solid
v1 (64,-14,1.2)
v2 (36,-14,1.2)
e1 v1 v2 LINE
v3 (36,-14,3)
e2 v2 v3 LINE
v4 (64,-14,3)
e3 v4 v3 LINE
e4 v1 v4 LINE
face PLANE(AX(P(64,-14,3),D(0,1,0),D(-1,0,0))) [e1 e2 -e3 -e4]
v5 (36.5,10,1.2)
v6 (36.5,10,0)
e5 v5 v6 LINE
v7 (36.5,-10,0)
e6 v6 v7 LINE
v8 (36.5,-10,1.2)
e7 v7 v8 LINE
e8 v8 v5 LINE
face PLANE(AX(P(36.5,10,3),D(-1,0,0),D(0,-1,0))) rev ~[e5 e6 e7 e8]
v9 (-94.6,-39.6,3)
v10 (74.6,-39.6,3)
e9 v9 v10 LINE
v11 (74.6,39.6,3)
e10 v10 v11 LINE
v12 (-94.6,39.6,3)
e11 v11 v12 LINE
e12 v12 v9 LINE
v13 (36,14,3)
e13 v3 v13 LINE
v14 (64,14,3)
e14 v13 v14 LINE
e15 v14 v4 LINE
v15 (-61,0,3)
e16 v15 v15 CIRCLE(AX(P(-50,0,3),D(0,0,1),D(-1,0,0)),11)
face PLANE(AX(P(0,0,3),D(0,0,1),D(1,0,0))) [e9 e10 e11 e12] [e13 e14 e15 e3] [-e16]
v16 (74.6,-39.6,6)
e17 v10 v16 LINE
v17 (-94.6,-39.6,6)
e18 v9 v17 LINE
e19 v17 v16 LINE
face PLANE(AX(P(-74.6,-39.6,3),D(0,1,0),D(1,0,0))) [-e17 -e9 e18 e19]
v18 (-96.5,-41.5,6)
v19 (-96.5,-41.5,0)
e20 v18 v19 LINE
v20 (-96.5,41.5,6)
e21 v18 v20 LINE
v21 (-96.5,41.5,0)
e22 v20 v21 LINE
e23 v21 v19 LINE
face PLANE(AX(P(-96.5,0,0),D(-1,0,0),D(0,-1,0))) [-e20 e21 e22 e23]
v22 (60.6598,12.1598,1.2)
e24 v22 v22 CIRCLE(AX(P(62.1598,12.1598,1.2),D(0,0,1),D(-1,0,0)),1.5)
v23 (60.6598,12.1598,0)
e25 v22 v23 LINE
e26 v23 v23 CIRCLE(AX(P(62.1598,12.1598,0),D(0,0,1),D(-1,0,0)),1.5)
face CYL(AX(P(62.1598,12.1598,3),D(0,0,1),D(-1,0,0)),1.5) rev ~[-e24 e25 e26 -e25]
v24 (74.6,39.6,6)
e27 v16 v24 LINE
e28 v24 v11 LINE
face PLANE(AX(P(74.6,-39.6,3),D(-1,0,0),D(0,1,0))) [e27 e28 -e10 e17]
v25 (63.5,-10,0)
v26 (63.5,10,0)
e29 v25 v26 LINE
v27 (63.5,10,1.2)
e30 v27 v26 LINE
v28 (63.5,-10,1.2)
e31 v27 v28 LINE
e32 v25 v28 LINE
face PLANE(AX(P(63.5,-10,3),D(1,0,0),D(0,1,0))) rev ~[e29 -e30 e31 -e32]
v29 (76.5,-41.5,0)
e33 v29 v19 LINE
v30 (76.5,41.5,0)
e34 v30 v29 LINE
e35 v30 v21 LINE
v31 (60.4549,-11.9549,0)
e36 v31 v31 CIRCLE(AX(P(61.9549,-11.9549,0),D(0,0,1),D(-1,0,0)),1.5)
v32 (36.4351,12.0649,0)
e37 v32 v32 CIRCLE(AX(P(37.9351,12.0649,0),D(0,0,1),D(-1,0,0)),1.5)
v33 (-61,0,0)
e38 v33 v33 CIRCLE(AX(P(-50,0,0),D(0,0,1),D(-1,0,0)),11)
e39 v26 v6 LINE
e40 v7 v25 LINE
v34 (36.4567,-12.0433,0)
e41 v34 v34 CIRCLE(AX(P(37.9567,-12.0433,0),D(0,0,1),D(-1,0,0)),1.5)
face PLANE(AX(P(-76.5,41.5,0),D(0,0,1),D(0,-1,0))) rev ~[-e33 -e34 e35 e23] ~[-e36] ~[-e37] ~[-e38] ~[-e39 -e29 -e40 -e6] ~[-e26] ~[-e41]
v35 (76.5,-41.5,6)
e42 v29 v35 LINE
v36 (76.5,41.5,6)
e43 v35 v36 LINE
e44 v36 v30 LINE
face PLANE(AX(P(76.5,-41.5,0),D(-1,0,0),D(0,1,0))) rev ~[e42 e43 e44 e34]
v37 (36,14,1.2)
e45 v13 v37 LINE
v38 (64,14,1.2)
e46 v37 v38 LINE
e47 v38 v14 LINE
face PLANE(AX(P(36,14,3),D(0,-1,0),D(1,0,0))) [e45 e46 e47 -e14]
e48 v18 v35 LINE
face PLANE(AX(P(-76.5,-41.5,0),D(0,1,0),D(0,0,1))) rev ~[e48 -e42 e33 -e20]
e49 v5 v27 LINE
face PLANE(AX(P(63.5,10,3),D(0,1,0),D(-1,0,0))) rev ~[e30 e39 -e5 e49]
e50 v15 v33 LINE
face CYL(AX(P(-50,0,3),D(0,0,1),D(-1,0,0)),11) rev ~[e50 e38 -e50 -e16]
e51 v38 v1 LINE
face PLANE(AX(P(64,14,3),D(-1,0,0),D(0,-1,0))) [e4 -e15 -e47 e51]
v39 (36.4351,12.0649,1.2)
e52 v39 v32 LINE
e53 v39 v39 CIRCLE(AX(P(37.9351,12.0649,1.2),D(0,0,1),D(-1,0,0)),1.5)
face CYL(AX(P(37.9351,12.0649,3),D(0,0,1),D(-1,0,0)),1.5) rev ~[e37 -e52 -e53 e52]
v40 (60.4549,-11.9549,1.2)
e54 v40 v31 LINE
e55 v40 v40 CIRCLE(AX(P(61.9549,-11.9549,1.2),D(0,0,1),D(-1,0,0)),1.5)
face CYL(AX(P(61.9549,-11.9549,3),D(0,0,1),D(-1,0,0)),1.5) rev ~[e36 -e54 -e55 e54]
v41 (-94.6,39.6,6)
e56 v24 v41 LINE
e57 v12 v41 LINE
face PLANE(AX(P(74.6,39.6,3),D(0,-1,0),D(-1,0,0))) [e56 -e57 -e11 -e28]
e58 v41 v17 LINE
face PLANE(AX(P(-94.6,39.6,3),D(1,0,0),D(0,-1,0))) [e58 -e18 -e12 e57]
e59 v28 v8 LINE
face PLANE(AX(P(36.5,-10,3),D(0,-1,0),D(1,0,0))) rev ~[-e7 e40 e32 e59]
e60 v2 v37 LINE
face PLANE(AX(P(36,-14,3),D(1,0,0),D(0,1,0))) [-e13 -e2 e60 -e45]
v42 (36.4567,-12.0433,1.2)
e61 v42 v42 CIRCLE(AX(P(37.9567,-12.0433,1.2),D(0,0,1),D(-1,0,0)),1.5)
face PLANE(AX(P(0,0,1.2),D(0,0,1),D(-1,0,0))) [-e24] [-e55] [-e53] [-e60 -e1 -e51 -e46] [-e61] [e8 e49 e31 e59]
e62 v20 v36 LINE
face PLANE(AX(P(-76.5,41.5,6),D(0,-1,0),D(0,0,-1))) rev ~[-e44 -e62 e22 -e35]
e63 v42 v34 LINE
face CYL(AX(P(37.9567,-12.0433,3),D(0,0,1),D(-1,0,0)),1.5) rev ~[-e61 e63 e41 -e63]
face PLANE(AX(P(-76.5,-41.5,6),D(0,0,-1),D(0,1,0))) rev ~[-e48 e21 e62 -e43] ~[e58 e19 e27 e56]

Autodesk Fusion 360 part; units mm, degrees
sketch "Sketch1" plane through (0, 0, 0) normal (0, 0, 1) x (1, 0, 0)
  line L0 (76.5, 41.5) -> (-76.5, 41.5)
  line L1 (-76.5, 41.5) -> (-76.5, -41.5)
  line L2 (-76.5, -41.5) -> (76.5, -41.5)
  line L3 (76.5, -41.5) -> (76.5, 41.5)
  line L4 (76.5, 41.5) -> (-76.5, -41.5) construction
  line L5 (-76.5, 41.5) -> (76.5, -41.5) construction
  dimension "d1" = 153
  dimension "d2" = 83
extrude "Extrude1" add sketch "Sketch1" along normal blind 3
sketch "Sketch2" plane through (0, 0, 3) normal (0, 0, 1) x (-1, 0, 0)
  line L0 (-76.5, 41.5) -> (-76.5, -41.5)
  line L1 (-76.5, -41.5) -> (76.5, -41.5)
  line L2 (76.5, -41.5) -> (76.5, 41.5)
  line L3 (76.5, 41.5) -> (-76.5, 41.5)
  line L4 (-74.6, -39.6) -> (74.6, -39.6)
  line L5 (74.6, -39.6) -> (74.6, 39.6)
  line L6 (74.6, 39.6) -> (-74.6, 39.6)
  line L7 (-74.6, 39.6) -> (-74.6, -39.6)
  dimension "d5" = -1.9
extrude "Extrude2" add sketch "Sketch2" along normal blind 3
sketch "Sketch3" plane through (-76.5, 0, 0) normal (-1, 0, 0) x (0, -1, 0)
  line L0 (-41.5, 0) -> (41.5, 0)
  line L1 (41.5, 0) -> (41.5, 6)
  line L2 (41.5, 6) -> (-41.5, 6)
  line L3 (-41.5, 6) -> (-41.5, 0)
sketch "Sketch4" plane through (0, 0, 0) normal (0, 1, 0) x (1, 0, 0)
sketch "Sketch5" plane through (0, 0, 3) normal (0, 0, 1) x (-1, 0, 0)
  line L0 (-74.6, -39.6) -> (74.6, -39.6)
  line L1 (74.6, -39.6) -> (74.6, 39.6)
  line L2 (74.6, 39.6) -> (-74.6, 39.6)
  line L3 (-74.6, 39.6) -> (-74.6, -39.6)
  line L4 (-36.5, 10) -> (-63.5, 10)
  line L5 (-63.5, 10) -> (-63.5, -10)
  line L6 (-63.5, -10) -> (-36.5, -10)
  line L7 (-36.5, -10) -> (-36.5, 10)
  line L8 (-36.5, 10) -> (-63.5, -10) construction
  line L9 (-63.5, 10) -> (-36.5, -10) construction
  line L10 (-36, -14) -> (-64, -14)
  line L11 (-64, -14) -> (-64, 14)
  line L12 (-64, 14) -> (-36, 14)
  line L13 (-36, 14) -> (-36, -14)
  line L14 (-36, -14) -> (-64, 14) construction
  line L15 (-64, -14) -> (-36, 14) construction
  circle A0 centre (-37.9567, 12.0433) radius 1.5
  circle A1 centre (-61.9549, 11.9549) radius 1.5
  circle A2 centre (-62.1598, -12.1598) radius 1.5
  circle A3 centre (-37.9351, -12.0649) radius 1.5
  point P0 (-50, 0)
  point P1 (-50, 0)
  dimension "d8" = 27
  dimension "d9" = 20
  dimension "d12" = 28
  dimension "d13" = 28
  dimension "d14" = 3
  dimension "d15" = 3
  dimension "d16" = 3
  dimension "d17" = 3
extrude "Extrude3" cut sketch "Sketch5" against normal blind 3 contours L4 L5 L6 L7
extrude "Extrude4" cut sketch "Sketch5" against normal blind 4 contours A0
extrude "Extrude5" cut sketch "Sketch5" against normal blind 4 contours A1
extrude "Extrude6" cut sketch "Sketch5" against normal blind 4 contours A2
extrude "Extrude7" cut sketch "Sketch5" against normal blind 5 contours A3
extrude "Extrude8" cut sketch "Sketch5" against normal blind 1.8 contours L10 L11 L12 L13
extrude "Extrude9" add sketch "Sketch3" along normal blind 20
move_face "OffsetFaces1" offset -20 1 faces at (-74.6, 13.2, 5)
sketch "Sketch6" plane through (0, 0, 3) normal (0, 0, 1) x (-1, 0, 0)
  circle A0 centre (50, 0) radius 11
  dimension "d31" = 22
extrude "Extrude10" cut sketch "Sketch6" against normal blind 5
